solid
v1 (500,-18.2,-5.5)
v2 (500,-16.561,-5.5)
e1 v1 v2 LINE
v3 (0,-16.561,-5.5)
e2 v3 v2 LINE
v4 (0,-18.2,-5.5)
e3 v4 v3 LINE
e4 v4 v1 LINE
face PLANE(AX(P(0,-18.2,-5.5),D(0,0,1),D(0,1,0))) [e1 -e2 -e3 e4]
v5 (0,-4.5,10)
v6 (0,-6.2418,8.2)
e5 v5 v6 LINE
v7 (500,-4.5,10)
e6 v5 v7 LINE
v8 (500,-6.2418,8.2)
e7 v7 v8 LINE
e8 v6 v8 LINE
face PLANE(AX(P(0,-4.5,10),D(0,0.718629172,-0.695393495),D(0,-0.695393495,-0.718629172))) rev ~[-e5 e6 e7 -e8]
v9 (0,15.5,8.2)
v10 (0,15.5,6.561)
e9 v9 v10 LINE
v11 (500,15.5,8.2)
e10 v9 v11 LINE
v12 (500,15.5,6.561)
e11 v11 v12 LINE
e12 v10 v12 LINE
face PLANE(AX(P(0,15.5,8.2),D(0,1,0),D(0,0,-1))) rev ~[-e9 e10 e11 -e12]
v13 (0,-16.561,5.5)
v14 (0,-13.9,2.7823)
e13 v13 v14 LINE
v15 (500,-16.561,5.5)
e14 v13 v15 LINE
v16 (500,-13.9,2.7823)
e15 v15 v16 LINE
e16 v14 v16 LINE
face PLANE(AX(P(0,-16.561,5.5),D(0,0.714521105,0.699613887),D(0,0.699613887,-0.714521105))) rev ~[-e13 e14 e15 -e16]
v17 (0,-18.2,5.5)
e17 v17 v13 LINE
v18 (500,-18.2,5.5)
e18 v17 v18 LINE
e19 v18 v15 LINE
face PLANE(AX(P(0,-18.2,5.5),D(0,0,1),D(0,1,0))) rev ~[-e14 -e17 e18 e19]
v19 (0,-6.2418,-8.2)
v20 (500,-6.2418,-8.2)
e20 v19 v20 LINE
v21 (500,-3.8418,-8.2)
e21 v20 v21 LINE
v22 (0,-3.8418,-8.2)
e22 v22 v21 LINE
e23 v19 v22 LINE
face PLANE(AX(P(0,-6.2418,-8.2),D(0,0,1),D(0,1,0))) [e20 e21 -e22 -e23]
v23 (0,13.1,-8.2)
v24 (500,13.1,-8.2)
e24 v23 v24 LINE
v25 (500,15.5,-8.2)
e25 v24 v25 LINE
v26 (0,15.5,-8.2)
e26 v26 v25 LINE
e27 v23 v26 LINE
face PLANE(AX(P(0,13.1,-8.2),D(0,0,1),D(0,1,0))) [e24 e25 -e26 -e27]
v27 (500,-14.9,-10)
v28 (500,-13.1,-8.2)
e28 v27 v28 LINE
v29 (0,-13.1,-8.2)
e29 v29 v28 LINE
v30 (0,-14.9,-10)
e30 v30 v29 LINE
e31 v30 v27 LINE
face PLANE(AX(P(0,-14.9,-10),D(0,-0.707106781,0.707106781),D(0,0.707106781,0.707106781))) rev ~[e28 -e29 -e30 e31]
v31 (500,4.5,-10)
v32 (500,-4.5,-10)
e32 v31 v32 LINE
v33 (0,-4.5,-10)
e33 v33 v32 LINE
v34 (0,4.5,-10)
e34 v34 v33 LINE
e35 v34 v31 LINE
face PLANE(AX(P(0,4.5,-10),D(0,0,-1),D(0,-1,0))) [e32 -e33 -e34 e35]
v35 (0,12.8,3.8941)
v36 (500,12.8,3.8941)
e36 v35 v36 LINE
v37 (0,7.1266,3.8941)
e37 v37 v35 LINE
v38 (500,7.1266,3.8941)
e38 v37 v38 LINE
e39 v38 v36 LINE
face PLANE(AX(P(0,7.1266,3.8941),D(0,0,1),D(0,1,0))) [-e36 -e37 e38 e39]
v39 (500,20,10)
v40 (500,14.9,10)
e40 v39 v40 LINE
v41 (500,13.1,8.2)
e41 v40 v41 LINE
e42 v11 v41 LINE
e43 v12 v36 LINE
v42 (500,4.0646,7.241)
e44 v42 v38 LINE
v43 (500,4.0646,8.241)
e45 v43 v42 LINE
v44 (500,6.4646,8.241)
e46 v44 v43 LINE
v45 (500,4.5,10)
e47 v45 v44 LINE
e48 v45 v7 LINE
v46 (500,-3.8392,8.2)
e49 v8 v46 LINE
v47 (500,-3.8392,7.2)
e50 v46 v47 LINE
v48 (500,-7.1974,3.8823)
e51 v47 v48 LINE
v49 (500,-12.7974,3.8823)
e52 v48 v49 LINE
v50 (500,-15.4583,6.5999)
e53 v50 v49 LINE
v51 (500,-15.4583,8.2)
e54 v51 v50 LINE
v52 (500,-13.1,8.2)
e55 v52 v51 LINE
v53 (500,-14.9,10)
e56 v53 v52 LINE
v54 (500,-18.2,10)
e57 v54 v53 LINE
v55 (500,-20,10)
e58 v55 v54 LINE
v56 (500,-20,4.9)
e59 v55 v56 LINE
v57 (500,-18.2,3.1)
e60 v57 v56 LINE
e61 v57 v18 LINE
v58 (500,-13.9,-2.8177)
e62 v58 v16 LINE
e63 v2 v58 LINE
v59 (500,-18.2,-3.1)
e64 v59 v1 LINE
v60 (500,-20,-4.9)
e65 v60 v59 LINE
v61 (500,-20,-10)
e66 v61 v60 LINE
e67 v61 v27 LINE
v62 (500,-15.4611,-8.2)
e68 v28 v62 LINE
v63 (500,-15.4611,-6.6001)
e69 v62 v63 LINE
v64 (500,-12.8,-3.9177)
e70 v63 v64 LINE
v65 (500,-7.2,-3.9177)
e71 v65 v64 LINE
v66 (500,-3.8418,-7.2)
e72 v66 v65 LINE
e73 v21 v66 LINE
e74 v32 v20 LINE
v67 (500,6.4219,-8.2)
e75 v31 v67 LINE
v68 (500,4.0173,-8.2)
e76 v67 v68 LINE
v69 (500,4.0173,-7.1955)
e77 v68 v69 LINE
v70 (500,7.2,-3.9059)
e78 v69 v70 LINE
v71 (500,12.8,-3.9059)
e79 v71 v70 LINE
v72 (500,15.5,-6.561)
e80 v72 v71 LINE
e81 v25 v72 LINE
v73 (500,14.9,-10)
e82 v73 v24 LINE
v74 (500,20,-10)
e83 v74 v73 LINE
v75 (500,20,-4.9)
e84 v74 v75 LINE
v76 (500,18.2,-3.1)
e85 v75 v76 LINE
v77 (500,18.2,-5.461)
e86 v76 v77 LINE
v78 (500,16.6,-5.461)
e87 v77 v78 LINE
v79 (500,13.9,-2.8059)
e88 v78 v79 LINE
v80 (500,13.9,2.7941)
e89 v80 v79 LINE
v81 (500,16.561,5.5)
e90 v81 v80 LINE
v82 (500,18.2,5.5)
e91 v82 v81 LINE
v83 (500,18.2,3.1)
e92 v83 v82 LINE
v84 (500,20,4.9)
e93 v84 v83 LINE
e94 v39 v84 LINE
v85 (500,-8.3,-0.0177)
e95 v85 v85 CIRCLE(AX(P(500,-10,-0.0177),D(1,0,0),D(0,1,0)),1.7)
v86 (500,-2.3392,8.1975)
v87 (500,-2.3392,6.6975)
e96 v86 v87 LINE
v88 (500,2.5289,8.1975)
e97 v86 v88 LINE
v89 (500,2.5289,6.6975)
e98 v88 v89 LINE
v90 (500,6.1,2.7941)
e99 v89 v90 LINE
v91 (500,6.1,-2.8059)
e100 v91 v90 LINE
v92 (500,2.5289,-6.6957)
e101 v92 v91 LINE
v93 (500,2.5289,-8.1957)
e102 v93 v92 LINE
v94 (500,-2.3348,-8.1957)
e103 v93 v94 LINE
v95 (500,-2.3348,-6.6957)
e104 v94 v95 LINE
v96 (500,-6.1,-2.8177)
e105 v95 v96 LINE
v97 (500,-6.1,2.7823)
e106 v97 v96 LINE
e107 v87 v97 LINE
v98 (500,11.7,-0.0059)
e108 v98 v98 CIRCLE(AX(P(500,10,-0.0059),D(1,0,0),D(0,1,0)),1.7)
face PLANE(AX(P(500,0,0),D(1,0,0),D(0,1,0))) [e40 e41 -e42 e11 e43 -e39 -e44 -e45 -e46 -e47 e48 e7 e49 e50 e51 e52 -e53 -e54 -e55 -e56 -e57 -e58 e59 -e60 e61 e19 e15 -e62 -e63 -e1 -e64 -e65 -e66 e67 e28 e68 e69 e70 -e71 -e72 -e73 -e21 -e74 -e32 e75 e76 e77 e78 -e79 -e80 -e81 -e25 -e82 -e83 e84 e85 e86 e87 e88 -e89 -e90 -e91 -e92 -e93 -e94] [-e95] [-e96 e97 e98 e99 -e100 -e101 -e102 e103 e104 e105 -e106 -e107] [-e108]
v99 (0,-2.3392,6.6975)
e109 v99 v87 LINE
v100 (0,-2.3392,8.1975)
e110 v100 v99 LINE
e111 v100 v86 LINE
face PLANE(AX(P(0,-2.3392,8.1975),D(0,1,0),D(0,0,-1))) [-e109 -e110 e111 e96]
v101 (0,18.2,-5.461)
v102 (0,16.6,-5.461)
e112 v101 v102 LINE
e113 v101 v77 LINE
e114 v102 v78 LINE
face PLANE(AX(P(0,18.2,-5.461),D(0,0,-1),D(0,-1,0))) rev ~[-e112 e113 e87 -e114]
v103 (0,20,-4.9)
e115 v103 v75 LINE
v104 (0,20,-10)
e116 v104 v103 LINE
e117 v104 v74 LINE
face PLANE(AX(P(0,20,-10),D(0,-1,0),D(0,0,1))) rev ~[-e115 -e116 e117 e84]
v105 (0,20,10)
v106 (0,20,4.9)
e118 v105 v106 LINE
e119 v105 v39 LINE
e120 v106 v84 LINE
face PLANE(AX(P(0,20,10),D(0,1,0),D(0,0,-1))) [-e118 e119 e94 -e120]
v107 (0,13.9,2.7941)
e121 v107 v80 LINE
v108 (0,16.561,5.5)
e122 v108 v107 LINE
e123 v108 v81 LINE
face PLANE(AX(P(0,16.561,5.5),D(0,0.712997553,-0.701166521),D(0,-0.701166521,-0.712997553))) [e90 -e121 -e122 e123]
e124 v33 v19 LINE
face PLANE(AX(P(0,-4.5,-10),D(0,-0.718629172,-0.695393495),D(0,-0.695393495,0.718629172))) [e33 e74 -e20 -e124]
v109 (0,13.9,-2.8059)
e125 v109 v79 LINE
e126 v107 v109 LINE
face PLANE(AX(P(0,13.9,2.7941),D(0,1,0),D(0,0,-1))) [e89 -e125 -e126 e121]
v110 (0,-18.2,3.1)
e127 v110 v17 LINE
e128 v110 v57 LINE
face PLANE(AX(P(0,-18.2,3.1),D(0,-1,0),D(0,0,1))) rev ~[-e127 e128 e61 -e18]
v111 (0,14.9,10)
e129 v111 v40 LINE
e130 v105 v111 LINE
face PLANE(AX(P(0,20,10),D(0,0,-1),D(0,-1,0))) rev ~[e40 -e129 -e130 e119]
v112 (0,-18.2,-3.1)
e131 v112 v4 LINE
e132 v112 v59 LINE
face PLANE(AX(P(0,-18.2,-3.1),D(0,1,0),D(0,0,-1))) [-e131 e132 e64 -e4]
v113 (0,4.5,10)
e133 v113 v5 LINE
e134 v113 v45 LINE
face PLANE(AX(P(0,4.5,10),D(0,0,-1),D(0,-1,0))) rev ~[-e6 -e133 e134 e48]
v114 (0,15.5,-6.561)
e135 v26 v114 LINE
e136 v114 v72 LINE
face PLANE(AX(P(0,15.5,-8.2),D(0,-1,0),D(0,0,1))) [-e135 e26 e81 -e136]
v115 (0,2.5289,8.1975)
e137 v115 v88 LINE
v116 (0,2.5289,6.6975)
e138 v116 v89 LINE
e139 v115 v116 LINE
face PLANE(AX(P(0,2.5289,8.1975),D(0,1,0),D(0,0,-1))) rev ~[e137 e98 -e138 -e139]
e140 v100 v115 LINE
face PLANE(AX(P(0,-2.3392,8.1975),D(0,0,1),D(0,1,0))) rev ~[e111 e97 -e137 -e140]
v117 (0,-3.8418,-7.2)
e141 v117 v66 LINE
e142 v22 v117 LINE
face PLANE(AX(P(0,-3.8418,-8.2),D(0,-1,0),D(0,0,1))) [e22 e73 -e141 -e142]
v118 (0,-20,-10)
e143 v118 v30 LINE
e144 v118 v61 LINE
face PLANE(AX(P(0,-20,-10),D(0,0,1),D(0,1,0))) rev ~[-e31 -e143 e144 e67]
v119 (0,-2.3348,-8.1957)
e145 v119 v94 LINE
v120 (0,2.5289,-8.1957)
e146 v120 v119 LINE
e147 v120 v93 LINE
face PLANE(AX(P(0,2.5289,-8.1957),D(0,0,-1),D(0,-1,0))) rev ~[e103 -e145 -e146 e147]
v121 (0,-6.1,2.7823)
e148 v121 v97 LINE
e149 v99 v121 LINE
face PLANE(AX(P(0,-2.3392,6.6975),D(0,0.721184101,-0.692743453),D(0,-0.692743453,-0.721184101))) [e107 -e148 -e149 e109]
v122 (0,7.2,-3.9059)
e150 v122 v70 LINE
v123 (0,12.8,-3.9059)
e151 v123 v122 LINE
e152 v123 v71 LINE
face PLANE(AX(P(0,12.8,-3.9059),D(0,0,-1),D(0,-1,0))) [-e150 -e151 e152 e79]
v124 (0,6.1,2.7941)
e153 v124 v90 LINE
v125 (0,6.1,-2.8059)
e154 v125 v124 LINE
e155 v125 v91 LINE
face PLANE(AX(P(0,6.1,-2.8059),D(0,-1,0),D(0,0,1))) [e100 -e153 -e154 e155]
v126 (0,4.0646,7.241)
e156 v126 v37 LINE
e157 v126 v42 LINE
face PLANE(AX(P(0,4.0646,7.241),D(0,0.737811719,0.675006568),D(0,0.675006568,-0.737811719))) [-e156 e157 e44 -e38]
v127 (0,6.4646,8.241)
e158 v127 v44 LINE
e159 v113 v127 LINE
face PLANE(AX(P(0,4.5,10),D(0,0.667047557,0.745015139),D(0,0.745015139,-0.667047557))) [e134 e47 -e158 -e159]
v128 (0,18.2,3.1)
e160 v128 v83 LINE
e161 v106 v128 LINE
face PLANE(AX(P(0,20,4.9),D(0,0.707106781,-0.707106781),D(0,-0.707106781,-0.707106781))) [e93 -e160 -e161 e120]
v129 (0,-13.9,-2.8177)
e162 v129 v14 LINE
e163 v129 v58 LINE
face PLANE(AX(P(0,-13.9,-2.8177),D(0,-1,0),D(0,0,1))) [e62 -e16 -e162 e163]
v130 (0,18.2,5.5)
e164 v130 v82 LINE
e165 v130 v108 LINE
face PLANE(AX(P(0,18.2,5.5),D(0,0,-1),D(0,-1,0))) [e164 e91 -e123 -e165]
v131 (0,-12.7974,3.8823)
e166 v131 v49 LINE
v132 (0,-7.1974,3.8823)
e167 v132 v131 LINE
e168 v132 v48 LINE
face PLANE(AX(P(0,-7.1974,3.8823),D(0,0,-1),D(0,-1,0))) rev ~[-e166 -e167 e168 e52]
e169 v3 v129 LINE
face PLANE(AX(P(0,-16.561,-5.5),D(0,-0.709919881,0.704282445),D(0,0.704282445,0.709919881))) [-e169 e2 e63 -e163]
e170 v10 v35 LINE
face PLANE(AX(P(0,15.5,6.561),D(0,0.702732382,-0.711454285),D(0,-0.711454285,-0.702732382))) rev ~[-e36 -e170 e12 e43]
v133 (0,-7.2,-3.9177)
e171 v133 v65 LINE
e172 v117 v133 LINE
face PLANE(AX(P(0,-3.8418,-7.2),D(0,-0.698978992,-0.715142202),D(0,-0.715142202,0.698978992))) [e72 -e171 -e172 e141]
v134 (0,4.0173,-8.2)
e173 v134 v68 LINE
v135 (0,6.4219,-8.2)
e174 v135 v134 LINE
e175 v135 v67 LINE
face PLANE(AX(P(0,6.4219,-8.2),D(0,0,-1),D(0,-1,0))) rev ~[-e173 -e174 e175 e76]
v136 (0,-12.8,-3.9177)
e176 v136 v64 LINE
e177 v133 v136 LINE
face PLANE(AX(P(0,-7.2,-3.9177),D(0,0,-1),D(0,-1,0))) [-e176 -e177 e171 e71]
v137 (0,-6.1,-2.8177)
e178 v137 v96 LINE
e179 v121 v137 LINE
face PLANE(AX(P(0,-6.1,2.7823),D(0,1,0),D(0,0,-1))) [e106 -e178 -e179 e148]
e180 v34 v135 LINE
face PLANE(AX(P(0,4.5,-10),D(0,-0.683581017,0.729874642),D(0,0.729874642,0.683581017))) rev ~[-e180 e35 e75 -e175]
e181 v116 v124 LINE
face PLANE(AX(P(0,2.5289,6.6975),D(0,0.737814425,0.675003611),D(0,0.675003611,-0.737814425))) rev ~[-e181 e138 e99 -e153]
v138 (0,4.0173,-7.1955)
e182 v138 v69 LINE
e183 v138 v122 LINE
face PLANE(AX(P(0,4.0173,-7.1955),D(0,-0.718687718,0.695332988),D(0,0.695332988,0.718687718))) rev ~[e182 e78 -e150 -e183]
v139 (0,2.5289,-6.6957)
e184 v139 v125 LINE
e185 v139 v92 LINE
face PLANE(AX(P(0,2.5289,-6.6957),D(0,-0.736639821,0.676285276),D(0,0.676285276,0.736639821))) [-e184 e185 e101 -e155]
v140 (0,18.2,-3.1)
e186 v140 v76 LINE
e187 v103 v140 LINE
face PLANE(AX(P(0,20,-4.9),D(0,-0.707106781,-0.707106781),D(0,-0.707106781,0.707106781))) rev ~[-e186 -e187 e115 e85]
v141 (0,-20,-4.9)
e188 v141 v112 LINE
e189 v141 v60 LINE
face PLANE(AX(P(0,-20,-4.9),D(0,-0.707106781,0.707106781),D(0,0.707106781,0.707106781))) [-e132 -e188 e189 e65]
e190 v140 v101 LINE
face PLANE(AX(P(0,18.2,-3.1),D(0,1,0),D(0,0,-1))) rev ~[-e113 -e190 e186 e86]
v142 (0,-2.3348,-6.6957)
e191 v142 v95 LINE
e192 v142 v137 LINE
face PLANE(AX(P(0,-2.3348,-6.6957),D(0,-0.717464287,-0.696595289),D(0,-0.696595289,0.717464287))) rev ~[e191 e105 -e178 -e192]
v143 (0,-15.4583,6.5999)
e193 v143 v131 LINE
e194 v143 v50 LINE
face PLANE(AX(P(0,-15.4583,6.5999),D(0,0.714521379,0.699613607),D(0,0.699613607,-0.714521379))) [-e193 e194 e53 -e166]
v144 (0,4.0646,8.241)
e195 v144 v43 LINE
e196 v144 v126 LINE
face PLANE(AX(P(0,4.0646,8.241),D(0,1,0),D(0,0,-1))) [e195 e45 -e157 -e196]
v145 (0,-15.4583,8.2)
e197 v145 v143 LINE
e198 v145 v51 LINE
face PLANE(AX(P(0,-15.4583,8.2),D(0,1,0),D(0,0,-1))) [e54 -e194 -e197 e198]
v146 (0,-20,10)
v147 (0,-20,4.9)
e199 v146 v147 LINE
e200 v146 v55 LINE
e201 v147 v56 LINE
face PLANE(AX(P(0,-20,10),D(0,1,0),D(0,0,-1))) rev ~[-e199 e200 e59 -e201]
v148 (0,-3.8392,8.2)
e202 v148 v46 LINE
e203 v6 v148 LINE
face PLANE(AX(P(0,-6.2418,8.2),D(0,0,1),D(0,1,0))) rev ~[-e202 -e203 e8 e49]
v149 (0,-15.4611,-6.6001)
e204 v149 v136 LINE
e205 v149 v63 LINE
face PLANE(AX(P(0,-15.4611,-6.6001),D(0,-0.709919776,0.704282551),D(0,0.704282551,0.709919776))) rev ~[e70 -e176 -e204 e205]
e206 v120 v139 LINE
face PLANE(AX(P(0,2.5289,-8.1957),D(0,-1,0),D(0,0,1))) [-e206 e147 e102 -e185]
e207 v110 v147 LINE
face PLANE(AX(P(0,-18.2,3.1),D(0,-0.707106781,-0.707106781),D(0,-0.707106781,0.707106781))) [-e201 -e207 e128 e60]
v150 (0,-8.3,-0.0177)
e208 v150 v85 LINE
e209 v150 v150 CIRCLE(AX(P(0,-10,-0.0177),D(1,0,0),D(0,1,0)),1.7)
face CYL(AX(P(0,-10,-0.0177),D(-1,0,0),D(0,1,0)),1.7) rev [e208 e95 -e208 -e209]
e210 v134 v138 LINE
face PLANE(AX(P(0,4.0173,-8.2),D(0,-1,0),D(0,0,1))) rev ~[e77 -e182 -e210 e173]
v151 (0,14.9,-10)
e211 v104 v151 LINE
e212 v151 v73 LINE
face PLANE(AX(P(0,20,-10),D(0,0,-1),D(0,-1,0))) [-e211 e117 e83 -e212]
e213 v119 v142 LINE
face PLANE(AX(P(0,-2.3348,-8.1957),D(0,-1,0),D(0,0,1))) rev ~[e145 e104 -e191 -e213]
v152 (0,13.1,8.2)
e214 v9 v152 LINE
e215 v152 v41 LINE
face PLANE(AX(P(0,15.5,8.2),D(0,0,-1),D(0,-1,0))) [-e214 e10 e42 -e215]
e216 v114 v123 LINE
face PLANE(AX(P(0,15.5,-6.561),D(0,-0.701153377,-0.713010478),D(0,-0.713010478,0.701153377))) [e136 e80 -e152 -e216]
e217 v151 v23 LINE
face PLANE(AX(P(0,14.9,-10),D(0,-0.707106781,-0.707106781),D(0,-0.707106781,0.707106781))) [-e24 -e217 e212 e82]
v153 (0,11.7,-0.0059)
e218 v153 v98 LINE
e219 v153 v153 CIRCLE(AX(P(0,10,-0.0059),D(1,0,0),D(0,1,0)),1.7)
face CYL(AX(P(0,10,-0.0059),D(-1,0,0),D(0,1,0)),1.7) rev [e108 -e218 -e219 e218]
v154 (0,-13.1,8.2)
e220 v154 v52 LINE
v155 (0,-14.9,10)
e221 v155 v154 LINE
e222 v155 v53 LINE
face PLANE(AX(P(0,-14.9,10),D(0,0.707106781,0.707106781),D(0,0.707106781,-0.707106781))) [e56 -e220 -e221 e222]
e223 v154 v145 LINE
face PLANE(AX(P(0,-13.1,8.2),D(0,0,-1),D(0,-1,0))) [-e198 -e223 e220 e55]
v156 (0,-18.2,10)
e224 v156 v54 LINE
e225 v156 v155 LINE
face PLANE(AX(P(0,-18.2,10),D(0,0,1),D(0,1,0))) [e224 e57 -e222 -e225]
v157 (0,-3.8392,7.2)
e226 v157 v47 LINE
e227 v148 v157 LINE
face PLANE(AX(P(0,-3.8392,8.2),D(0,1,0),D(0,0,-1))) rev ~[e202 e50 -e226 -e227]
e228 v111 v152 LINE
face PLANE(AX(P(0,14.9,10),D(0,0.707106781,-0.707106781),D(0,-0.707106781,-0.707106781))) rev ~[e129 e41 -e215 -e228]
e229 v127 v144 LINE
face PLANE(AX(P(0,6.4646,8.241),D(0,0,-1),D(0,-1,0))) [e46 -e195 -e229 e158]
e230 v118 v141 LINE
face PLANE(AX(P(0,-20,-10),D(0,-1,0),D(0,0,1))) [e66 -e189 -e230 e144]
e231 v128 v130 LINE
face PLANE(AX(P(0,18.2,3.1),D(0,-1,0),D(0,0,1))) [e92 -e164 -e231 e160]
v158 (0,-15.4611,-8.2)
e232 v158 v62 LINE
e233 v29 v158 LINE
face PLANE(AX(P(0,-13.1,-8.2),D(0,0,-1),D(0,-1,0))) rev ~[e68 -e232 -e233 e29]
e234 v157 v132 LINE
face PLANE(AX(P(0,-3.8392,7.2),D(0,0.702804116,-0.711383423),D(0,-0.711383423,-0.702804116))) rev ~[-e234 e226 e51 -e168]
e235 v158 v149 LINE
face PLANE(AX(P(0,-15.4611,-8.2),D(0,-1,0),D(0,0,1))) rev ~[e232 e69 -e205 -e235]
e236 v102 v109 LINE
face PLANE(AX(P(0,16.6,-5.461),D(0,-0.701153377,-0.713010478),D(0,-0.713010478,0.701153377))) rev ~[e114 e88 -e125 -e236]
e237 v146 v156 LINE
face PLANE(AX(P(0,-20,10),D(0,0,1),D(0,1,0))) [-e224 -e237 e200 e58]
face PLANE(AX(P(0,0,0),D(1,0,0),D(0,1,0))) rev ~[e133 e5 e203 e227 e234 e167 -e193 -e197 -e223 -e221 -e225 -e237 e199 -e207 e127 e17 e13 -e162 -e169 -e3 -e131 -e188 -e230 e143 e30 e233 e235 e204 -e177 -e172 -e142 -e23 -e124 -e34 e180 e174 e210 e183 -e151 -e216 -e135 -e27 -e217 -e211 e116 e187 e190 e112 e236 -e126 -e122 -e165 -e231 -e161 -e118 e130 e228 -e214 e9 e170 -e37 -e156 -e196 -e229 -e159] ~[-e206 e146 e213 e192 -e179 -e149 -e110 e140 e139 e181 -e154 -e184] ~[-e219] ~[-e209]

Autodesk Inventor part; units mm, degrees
ref_plane "YZ Plane" through (0, 0, 0) normal (1, 0, 0) x (0, 1, 0)
ref_plane "XZ Plane" through (0, 0, 0) normal (0, 1, 0) x (-1, 0, 0)
ref_plane "XY Plane" through (0, 0, 0) normal (0, 0, 1) x (1, 0, 0)
sketch "Boceto1" plane through (0, 0, 0) normal (1, 0, 0) x (0, 1, 0)
  line L0 (20, 10) -> (20, 4.9)
  line L1 (20, -10) -> (20, -4.9)
  line L2 (20, -4.9) -> (18.2, -3.1)
  line L3 (18.2, -3.1) -> (18.2, -5.461)
  line L4 (20, 4.9) -> (18.2, 3.1)
  line L5 (20, 4.9) -> (22.5456, 4.9) construction
  line L6 (18.2, 3.1) -> (18.2, 5.5)
  line L7 (20, -10) -> (14.9, -10)
  line L8 (20, 10) -> (14.9, 10)
  line L9 (14.9, 10) -> (13.1, 8.2)
  line L10 (15.5, 8.2) -> (13.1, 8.2)
  line L11 (-20, 10) -> (-20, 4.9)
  line L12 (-20, 10) -> (-14.9, 10)
  line L13 (-14.9, 10) -> (-13.1, 8.2)
  line L14 (-20, 10) -> (-18.2, 10)
  line L15 (-18.2, 3.1) -> (-20, 4.9)
  line L16 (-20, -10) -> (-14.9, -10)
  line L17 (-20, -10) -> (-20, -4.9)
  line L18 (-14.9, -10) -> (-13.1, -10) construction
  line L19 (-20, -4.9) -> (-18.2, -3.1)
  line L20 (-18.2, -3.1) -> (-18.2, -5.5)
  line L21 (-13.1, 8.2) -> (-15.4583, 8.2)
  line L22 (-18.2, 3.1) -> (-18.2, 5.5)
  circle A0 centre (10, -0.0059) radius 1.7
  circle A1 centre (-10, -0.0177) radius 1.7
  line L23 (15.5, 8.2) -> (15.5, 6.561)
  line L24 (18.2, 5.5) -> (16.561, 5.5)
  line L25 (14.9, -10) -> (13.1, -8.2)
  line L26 (13.1, -8.2) -> (15.5, -8.2)
  line L27 (18.2, -5.461) -> (16.6, -5.461)
  line L28 (15.5, -8.2) -> (15.5, -6.561)
  line L29 (-15.4583, 8.2) -> (-15.4583, 6.5999)
  line L30 (-18.2, 5.5) -> (-16.561, 5.5)
  line L31 (-18.2, -5.5) -> (-16.561, -5.5)
  line L32 (-14.9, -10) -> (-13.1, -8.2)
  line L33 (-13.1, -8.2) -> (-15.4611, -8.2)
  line L34 (-15.4611, -8.2) -> (-15.4611, -6.6001)
  line L35 (16.561, 5.5) -> (13.9, 2.7941)
  line L36 (15.5, 6.561) -> (12.8, 3.8941)
  line L37 (16.6, -5.461) -> (13.9, -2.8059)
  line L38 (15.5, -6.561) -> (12.8, -3.9059)
  line L39 (-15.4611, -6.6001) -> (-12.8, -3.9177)
  line L40 (-16.561, -5.5) -> (-13.9, -2.8177)
  line L41 (-15.4583, 6.5999) -> (-12.7974, 3.8823)
  line L42 (-16.561, 5.5) -> (-13.9, 2.7823)
  line L43 (4.5, -10) -> (-4.5, -10)
  line L44 (4.5, 10) -> (-4.5, 10)
  line L45 (4.5, 10) -> (6.4646, 8.241)
  line L46 (-4.5, 10) -> (-6.2418, 8.2)
  line L47 (6.4646, 8.241) -> (4.0646, 8.241)
  line L48 (-6.2418, 8.2) -> (-3.8392, 8.2)
  line L49 (-3.8392, 8.2) -> (-3.8392, 7.2)
  line L50 (-4.5, -10) -> (-6.2418, -8.2)
  line L51 (-6.2418, -8.2) -> (-3.8418, -8.2)
  line L52 (4.5, -10) -> (6.4219, -8.2)
  line L53 (6.4219, -8.2) -> (4.0173, -8.2)
  line L54 (-3.8392, 7.2) -> (-7.1974, 3.8823)
  line L55 (-2.3392, 8.1975) -> (2.5289, 8.1975)
  line L56 (-2.3392, 8.1975) -> (-2.3392, 6.6975)
  line L57 (-2.3392, 6.6975) -> (-6.1, 2.7823)
  line L58 (4.0646, 8.241) -> (4.0646, 7.241)
  line L59 (4.0646, 7.241) -> (7.1266, 3.8941)
  line L60 (2.5289, 8.1975) -> (2.5289, 6.6975)
  line L61 (2.5289, 6.6975) -> (6.1, 2.7941)
  line L62 (4.0173, -8.2) -> (4.0173, -7.1955)
  line L63 (4.0173, -7.1955) -> (7.2, -3.9059)
  line L64 (2.5289, -8.1957) -> (-2.3348, -8.1957)
  line L65 (2.5289, -8.1957) -> (2.5289, -6.6957)
  line L66 (2.5289, -6.6957) -> (6.1, -2.8059)
  line L67 (-3.8418, -8.2) -> (-3.8418, -7.2)
  line L68 (-3.8418, -7.2) -> (-7.2, -3.9177)
  line L69 (-2.3348, -8.1957) -> (-2.3348, -6.6957)
  line L70 (-2.3348, -6.6957) -> (-6.1, -2.8177)
  line L71 (12.8, -3.9059) -> (7.2, -3.9059)
  line L72 (6.1, -2.8059) -> (6.1, 2.7941)
  line L73 (7.1266, 3.8941) -> (12.8, 3.8941)
  line L74 (13.9, 2.7941) -> (13.9, -2.8059)
  line L75 (-7.1974, 3.8823) -> (-12.7974, 3.8823)
  line L76 (-6.1, 2.7823) -> (-6.1, -2.8177)
  line L77 (-7.2, -3.9177) -> (-12.8, -3.9177)
  line L78 (-13.9, -2.8177) -> (-13.9, 2.7823)
  point P0 (0, 0)
  point P1 (0, -10)
  point P2 (20, 0)
  point P3 (-20, 0)
  dimension "d4" = 40
  dimension "d5" = 20
  dimension "d6" = 5.1
  dimension "d7" = 5.1
  dimension "d13" = 1.8
  dimension "d16" = 135
  dimension "d18" = 5.1
  dimension "d31" = 2.4
  dimension "d32" = 5.1
  dimension "d33" = 5.1
  dimension "d41" = 5.1
  dimension "d55" = 3.4
  dimension "d59" = 10
  dimension "d65" = 20
  dimension "d70" = 1.639
  dimension "d72" = 1.639
  dimension "d80" = 1.639
  dimension "d100" = 9
  dimension "d101" = 15.5
  dimension "d104" = 2.4
  dimension "d108" = 1
  dimension "d110" = 9
  dimension "d111" = 15.5
  dimension "d115" = 1.5
  dimension "d116" = 1.5
  dimension "d119" = 1.5
  dimension "d123" = 1.5
  dimension "d124" = 1
  dimension "d125" = 1.5
  dimension "d126" = 1.5
  dimension "d127" = 1.5
extrude "Extrusión1" add sketch "Boceto1" along normal blind 500
properties part number "Riel Banda" material "Aluminio 6061"
